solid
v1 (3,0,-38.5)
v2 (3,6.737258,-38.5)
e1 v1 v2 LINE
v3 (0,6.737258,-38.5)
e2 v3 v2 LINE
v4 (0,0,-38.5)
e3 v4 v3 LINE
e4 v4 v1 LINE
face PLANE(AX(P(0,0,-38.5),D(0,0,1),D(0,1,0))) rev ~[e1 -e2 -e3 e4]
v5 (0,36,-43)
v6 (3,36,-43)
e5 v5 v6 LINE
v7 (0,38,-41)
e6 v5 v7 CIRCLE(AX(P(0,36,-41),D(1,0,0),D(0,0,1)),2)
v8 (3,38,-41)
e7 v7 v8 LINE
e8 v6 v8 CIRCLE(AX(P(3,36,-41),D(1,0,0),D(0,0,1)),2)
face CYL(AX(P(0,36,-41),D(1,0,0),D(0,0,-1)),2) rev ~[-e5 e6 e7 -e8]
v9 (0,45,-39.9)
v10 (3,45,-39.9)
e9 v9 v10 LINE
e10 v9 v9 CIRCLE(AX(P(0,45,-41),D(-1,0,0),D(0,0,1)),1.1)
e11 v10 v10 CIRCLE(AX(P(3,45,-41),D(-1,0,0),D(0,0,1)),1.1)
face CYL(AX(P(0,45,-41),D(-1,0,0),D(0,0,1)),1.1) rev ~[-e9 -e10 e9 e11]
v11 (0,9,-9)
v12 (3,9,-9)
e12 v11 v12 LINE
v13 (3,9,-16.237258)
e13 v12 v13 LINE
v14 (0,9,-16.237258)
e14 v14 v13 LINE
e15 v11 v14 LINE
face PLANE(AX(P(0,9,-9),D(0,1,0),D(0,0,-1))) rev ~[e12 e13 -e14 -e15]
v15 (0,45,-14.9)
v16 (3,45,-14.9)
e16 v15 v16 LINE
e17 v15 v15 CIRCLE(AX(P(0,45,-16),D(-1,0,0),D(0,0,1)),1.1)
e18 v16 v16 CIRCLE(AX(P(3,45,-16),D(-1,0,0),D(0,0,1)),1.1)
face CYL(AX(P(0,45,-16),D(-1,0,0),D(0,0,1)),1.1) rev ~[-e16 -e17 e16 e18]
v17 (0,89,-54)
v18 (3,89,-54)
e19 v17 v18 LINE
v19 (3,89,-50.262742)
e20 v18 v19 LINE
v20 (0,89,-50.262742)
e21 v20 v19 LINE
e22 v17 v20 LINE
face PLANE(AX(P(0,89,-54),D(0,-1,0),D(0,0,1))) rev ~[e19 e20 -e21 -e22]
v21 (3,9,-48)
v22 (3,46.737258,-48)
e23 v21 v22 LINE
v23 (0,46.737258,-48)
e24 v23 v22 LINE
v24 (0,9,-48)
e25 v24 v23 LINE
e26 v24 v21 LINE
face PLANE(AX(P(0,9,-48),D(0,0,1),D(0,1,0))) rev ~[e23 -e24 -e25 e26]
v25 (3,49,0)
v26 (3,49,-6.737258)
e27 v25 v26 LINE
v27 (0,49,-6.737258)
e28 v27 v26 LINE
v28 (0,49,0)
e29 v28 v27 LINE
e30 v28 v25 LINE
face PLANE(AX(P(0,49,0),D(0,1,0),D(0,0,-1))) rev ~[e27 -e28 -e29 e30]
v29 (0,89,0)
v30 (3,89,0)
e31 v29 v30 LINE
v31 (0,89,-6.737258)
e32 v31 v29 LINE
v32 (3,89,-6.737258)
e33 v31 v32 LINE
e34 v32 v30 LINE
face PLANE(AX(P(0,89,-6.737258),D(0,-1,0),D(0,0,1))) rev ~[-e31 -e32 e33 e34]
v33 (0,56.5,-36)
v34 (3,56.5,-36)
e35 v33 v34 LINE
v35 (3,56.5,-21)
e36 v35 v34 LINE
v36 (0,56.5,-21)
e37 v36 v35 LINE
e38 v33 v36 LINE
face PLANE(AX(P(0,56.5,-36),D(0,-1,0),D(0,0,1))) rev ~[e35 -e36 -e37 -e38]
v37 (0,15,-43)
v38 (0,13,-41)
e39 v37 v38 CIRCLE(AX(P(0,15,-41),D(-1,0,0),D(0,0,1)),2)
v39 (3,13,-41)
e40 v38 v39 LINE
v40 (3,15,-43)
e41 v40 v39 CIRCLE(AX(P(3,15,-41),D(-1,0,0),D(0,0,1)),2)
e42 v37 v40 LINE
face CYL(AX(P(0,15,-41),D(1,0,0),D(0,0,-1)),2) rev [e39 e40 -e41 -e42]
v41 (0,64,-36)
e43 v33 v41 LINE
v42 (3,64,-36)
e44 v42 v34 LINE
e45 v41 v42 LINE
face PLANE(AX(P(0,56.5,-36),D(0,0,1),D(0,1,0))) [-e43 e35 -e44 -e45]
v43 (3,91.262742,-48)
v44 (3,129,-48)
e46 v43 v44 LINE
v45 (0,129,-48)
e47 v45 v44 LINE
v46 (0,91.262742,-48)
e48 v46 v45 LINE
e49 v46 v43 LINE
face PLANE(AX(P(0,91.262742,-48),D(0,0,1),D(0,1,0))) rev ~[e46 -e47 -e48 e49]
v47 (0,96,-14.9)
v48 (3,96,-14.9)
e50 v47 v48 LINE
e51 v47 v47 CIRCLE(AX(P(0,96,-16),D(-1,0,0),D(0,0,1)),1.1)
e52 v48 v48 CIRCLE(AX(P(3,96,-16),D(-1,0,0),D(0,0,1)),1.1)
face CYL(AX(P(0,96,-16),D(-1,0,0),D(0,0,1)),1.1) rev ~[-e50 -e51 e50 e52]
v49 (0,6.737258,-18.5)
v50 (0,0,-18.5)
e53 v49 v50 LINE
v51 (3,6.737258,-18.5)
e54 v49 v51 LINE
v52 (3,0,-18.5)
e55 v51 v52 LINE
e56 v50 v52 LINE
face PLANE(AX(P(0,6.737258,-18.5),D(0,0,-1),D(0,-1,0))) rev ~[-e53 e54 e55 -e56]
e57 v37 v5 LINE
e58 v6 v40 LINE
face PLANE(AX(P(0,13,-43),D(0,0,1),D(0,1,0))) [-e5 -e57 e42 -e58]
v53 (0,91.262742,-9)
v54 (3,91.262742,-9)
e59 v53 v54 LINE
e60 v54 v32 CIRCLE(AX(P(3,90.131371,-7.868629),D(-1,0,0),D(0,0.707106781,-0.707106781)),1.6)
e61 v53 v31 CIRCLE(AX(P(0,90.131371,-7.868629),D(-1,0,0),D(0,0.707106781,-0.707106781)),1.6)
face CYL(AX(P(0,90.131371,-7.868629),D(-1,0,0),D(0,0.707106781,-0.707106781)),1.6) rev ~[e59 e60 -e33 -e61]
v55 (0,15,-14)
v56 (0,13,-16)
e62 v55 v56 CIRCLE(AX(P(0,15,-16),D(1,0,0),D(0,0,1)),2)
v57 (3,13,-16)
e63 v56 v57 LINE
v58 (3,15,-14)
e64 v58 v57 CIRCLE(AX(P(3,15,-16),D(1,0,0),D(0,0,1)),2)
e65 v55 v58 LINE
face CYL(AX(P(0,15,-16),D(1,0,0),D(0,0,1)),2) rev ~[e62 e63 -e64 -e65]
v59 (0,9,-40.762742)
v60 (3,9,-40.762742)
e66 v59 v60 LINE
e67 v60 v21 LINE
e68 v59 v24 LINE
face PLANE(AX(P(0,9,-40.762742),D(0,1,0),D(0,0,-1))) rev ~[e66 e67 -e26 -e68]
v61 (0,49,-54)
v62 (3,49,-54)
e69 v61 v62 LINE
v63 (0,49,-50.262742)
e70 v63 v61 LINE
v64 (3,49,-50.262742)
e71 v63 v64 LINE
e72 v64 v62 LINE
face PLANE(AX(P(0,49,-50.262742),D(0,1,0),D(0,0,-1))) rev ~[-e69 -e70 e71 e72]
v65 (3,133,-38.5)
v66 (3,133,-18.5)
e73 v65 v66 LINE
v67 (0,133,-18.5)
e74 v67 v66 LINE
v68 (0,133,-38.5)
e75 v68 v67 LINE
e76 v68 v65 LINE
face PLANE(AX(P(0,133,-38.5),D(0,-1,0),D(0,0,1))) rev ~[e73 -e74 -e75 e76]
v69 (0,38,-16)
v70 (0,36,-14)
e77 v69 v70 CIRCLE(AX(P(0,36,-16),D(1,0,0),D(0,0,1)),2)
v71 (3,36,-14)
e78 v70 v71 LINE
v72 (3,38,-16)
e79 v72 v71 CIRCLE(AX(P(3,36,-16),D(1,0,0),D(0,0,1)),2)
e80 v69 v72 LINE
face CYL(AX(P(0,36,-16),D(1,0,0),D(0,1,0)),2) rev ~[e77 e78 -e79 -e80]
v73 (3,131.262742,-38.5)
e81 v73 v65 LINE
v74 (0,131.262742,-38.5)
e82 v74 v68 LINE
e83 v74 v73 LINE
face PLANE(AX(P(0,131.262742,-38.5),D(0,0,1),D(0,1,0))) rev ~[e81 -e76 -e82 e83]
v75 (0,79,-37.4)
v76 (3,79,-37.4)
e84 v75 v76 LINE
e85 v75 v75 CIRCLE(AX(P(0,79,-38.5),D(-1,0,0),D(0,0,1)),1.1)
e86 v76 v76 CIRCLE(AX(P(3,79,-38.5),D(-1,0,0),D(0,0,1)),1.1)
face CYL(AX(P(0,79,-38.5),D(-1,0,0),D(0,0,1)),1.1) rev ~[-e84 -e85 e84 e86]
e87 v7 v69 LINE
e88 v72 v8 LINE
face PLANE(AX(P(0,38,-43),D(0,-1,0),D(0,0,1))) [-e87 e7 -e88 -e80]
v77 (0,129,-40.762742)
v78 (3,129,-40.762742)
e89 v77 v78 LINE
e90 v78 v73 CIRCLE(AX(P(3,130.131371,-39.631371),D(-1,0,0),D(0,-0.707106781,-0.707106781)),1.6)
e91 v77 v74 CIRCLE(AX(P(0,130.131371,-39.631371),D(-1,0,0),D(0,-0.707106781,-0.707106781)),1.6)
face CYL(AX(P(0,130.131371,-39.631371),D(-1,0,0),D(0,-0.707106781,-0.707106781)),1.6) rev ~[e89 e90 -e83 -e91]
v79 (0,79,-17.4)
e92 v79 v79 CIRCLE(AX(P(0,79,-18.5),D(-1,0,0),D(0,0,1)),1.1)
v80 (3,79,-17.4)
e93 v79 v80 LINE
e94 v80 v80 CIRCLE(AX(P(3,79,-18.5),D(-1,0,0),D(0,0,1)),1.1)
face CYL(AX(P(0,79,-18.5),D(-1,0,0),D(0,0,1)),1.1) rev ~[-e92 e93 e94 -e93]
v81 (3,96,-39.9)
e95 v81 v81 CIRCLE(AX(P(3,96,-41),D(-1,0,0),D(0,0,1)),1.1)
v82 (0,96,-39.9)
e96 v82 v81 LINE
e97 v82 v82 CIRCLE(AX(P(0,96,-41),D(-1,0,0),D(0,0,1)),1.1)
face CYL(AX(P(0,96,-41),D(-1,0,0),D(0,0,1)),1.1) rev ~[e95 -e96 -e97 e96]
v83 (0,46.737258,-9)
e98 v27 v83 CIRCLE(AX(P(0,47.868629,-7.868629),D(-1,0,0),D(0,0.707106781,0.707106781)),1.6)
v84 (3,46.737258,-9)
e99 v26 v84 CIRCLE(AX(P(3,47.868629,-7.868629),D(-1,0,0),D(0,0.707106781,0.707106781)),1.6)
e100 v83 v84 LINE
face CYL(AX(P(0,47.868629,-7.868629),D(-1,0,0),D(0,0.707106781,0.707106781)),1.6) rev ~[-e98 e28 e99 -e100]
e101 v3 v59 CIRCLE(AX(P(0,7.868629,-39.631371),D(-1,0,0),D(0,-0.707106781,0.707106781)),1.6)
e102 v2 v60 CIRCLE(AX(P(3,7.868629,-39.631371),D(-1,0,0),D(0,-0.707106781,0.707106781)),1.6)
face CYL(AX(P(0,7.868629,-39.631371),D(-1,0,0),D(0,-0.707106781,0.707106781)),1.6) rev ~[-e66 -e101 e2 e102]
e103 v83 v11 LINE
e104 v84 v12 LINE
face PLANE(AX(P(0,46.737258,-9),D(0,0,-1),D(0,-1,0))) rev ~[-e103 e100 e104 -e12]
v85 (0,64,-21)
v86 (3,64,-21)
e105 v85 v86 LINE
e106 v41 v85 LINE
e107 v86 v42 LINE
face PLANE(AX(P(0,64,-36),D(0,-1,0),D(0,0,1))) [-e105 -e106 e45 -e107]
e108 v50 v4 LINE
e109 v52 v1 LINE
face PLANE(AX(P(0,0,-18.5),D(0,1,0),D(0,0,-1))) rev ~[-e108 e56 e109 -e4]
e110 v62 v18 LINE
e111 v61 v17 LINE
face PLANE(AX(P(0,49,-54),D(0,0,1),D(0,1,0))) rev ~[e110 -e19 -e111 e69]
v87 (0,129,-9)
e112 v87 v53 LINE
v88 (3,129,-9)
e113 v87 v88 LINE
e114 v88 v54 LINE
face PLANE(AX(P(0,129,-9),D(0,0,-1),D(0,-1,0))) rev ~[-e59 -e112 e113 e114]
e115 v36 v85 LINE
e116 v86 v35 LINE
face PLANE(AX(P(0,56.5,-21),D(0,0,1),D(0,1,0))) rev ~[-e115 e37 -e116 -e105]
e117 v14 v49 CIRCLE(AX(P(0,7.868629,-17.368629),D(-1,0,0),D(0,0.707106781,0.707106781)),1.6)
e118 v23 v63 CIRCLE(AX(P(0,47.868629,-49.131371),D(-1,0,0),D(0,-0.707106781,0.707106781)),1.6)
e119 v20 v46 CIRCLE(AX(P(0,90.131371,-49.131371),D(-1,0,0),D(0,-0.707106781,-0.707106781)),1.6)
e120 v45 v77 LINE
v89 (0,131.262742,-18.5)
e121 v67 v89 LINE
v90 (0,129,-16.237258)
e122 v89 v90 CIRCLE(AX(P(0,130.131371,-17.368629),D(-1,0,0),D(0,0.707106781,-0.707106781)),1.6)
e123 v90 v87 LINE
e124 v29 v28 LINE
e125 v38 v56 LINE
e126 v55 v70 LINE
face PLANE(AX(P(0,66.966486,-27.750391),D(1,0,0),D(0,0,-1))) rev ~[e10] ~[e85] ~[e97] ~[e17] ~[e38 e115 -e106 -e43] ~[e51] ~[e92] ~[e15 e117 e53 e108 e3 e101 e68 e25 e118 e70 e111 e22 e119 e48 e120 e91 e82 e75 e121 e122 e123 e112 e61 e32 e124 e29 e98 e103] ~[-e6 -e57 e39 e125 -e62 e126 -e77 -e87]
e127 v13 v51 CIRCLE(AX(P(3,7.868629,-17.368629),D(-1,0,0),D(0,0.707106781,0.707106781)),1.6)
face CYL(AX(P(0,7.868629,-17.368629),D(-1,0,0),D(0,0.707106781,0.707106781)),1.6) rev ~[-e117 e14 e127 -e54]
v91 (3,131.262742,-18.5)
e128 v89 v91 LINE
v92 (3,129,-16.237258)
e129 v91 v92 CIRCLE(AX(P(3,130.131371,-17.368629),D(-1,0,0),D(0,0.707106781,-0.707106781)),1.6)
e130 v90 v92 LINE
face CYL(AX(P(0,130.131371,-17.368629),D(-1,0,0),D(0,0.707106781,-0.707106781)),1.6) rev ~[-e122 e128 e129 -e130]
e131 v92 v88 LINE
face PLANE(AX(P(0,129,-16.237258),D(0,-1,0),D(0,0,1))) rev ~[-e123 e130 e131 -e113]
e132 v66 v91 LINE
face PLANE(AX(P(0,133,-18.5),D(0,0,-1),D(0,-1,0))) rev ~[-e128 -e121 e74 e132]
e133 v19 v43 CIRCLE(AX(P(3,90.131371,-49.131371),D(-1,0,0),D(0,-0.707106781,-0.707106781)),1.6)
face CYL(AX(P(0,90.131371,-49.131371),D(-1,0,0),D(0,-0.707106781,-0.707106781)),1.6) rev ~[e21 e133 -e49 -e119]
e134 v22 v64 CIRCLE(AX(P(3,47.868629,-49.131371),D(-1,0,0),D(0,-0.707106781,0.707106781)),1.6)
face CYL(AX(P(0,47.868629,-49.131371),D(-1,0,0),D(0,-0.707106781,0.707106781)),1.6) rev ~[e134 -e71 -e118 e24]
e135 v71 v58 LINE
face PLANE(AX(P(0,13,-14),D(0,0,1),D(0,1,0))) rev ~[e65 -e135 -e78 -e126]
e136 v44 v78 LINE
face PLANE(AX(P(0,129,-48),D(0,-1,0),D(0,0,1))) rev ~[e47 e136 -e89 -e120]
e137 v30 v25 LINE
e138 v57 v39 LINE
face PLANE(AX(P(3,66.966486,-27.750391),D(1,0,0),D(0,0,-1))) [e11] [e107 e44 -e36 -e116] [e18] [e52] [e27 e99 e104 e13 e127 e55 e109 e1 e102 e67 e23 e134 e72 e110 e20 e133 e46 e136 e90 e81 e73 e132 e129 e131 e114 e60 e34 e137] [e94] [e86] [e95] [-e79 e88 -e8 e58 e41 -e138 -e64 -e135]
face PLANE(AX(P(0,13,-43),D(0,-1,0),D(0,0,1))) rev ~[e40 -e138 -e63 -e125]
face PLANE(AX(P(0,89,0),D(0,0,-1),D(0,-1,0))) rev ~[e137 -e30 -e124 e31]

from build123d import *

# Parameters (mm, degrees)
EXTRUSION1_DEPTH        = 3
ESQUISSE2_R             = 1.1
ESQUISSE2_W             = 29
ESQUISSE2_H             = 25
ENL_V_MAT_EXTRU_1_DEPTH = 4
CONG_1_R                = 2
ESQUISSE3_W             = 15
ESQUISSE3_H             = 7.5
ENL_V_MAT_EXTRU_2_DEPTH = 4
ESQUISSE4_R             = 1.1
ENL_V_MAT_EXTRU_3_DEPTH = 4


with BuildPart() as part:
    # Esquisse1 → Extrusion1 (new body)
    with BuildSketch(Plane(origin=(0, 0, 0), x_dir=(0, 0, -1), z_dir=(1, 0, 0))):
        with BuildLine():
            Line((18.5, 6.7372583), (18.5, 0))
            Line((18.5, 0), (38.5, 0))
            Line((38.5, 0), (38.5, 6.7372583))
            ThreePointArc((38.5, 6.7372583), (38.5, 9), (40.7627417, 9))
            Line((40.7627417, 9), (48, 9))
            Line((48, 9), (48, 46.7372583))
            ThreePointArc((48, 46.7372583), (48, 49), (50.2627417, 49))
            Line((50.2627417, 49), (54, 49))
            Line((54, 49), (54, 89))
            Line((54, 89), (50.2627417, 89))
            ThreePointArc((50.2627417, 89), (48, 89), (48, 91.2627417))
            Line((48, 91.2627417), (48, 129))
            Line((48, 129), (40.7627417, 129))
            ThreePointArc((40.7627417, 129), (38.5, 129), (38.5, 131.2627417))
            Line((38.5, 131.2627417), (38.5, 133))
            Line((38.5, 133), (18.5, 133))
            Line((18.5, 133), (18.5, 131.2627417))
            ThreePointArc((18.5, 131.2627417), (18.5, 129), (16.2372583, 129))
            Line((16.2372583, 129), (9, 129))
            Line((9, 129), (9, 91.2627417))
            ThreePointArc((9, 91.2627417), (9, 89), (6.7372583, 89))
            Line((6.7372583, 89), (0, 89))
            Line((0, 89), (0, 49))
            Line((0, 49), (6.7372583, 49))
            ThreePointArc((6.7372583, 49), (9, 49), (9, 46.7372583))
            Line((9, 46.7372583), (9, 9))
            Line((9, 9), (16.2372583, 9))
            ThreePointArc((16.2372583, 9), (18.5, 9), (18.5, 6.7372583))
        make_face()
    extrude(amount=EXTRUSION1_DEPTH)

    # Esquisse2 → Enlèv. mat.-Extru.1 (cut, through all)
    with BuildSketch(Plane.ZY):
        with Locations((-38.5, 79)):
            Circle(ESQUISSE2_R)
        with Locations((-18.5, 79)):
            Circle(ESQUISSE2_R)
        with Locations((-28.5, 25.5)):
            Rectangle(ESQUISSE2_W, ESQUISSE2_H)
    extrude(amount=-ENL_V_MAT_EXTRU_1_DEPTH, mode=Mode.SUBTRACT)

    # Congé1
    cong_1_edges = [part.edges().sort_by_distance(p)[0] for p in [
        (1.5, 38, -14),
        (1.5, 13, -14),
        (1.5, 13, -43),
        (1.5, 38, -43),
    ]]
    fillet(cong_1_edges, radius=CONG_1_R)

    # Esquisse3 → Enlèv. mat.-Extru.2 (cut, through all)
    with BuildSketch(Plane.ZY):
        with Locations((-28.5, 60.25)):
            Rectangle(ESQUISSE3_W, ESQUISSE3_H)
    extrude(amount=-ENL_V_MAT_EXTRU_2_DEPTH, mode=Mode.SUBTRACT)

    # Esquisse4 → Enlèv. mat.-Extru.3 (cut, through all)
    with BuildSketch(Plane.ZY):
        with Locations((-41, 96)):
            Circle(ESQUISSE4_R)
        with Locations((-16, 96)):
            Circle(ESQUISSE4_R)
        with Locations((-41, 45)):
            Circle(ESQUISSE4_R)
        with Locations((-16, 45)):
            Circle(ESQUISSE4_R)
    extrude(amount=-ENL_V_MAT_EXTRU_3_DEPTH, mode=Mode.SUBTRACT)


solid = part.part
